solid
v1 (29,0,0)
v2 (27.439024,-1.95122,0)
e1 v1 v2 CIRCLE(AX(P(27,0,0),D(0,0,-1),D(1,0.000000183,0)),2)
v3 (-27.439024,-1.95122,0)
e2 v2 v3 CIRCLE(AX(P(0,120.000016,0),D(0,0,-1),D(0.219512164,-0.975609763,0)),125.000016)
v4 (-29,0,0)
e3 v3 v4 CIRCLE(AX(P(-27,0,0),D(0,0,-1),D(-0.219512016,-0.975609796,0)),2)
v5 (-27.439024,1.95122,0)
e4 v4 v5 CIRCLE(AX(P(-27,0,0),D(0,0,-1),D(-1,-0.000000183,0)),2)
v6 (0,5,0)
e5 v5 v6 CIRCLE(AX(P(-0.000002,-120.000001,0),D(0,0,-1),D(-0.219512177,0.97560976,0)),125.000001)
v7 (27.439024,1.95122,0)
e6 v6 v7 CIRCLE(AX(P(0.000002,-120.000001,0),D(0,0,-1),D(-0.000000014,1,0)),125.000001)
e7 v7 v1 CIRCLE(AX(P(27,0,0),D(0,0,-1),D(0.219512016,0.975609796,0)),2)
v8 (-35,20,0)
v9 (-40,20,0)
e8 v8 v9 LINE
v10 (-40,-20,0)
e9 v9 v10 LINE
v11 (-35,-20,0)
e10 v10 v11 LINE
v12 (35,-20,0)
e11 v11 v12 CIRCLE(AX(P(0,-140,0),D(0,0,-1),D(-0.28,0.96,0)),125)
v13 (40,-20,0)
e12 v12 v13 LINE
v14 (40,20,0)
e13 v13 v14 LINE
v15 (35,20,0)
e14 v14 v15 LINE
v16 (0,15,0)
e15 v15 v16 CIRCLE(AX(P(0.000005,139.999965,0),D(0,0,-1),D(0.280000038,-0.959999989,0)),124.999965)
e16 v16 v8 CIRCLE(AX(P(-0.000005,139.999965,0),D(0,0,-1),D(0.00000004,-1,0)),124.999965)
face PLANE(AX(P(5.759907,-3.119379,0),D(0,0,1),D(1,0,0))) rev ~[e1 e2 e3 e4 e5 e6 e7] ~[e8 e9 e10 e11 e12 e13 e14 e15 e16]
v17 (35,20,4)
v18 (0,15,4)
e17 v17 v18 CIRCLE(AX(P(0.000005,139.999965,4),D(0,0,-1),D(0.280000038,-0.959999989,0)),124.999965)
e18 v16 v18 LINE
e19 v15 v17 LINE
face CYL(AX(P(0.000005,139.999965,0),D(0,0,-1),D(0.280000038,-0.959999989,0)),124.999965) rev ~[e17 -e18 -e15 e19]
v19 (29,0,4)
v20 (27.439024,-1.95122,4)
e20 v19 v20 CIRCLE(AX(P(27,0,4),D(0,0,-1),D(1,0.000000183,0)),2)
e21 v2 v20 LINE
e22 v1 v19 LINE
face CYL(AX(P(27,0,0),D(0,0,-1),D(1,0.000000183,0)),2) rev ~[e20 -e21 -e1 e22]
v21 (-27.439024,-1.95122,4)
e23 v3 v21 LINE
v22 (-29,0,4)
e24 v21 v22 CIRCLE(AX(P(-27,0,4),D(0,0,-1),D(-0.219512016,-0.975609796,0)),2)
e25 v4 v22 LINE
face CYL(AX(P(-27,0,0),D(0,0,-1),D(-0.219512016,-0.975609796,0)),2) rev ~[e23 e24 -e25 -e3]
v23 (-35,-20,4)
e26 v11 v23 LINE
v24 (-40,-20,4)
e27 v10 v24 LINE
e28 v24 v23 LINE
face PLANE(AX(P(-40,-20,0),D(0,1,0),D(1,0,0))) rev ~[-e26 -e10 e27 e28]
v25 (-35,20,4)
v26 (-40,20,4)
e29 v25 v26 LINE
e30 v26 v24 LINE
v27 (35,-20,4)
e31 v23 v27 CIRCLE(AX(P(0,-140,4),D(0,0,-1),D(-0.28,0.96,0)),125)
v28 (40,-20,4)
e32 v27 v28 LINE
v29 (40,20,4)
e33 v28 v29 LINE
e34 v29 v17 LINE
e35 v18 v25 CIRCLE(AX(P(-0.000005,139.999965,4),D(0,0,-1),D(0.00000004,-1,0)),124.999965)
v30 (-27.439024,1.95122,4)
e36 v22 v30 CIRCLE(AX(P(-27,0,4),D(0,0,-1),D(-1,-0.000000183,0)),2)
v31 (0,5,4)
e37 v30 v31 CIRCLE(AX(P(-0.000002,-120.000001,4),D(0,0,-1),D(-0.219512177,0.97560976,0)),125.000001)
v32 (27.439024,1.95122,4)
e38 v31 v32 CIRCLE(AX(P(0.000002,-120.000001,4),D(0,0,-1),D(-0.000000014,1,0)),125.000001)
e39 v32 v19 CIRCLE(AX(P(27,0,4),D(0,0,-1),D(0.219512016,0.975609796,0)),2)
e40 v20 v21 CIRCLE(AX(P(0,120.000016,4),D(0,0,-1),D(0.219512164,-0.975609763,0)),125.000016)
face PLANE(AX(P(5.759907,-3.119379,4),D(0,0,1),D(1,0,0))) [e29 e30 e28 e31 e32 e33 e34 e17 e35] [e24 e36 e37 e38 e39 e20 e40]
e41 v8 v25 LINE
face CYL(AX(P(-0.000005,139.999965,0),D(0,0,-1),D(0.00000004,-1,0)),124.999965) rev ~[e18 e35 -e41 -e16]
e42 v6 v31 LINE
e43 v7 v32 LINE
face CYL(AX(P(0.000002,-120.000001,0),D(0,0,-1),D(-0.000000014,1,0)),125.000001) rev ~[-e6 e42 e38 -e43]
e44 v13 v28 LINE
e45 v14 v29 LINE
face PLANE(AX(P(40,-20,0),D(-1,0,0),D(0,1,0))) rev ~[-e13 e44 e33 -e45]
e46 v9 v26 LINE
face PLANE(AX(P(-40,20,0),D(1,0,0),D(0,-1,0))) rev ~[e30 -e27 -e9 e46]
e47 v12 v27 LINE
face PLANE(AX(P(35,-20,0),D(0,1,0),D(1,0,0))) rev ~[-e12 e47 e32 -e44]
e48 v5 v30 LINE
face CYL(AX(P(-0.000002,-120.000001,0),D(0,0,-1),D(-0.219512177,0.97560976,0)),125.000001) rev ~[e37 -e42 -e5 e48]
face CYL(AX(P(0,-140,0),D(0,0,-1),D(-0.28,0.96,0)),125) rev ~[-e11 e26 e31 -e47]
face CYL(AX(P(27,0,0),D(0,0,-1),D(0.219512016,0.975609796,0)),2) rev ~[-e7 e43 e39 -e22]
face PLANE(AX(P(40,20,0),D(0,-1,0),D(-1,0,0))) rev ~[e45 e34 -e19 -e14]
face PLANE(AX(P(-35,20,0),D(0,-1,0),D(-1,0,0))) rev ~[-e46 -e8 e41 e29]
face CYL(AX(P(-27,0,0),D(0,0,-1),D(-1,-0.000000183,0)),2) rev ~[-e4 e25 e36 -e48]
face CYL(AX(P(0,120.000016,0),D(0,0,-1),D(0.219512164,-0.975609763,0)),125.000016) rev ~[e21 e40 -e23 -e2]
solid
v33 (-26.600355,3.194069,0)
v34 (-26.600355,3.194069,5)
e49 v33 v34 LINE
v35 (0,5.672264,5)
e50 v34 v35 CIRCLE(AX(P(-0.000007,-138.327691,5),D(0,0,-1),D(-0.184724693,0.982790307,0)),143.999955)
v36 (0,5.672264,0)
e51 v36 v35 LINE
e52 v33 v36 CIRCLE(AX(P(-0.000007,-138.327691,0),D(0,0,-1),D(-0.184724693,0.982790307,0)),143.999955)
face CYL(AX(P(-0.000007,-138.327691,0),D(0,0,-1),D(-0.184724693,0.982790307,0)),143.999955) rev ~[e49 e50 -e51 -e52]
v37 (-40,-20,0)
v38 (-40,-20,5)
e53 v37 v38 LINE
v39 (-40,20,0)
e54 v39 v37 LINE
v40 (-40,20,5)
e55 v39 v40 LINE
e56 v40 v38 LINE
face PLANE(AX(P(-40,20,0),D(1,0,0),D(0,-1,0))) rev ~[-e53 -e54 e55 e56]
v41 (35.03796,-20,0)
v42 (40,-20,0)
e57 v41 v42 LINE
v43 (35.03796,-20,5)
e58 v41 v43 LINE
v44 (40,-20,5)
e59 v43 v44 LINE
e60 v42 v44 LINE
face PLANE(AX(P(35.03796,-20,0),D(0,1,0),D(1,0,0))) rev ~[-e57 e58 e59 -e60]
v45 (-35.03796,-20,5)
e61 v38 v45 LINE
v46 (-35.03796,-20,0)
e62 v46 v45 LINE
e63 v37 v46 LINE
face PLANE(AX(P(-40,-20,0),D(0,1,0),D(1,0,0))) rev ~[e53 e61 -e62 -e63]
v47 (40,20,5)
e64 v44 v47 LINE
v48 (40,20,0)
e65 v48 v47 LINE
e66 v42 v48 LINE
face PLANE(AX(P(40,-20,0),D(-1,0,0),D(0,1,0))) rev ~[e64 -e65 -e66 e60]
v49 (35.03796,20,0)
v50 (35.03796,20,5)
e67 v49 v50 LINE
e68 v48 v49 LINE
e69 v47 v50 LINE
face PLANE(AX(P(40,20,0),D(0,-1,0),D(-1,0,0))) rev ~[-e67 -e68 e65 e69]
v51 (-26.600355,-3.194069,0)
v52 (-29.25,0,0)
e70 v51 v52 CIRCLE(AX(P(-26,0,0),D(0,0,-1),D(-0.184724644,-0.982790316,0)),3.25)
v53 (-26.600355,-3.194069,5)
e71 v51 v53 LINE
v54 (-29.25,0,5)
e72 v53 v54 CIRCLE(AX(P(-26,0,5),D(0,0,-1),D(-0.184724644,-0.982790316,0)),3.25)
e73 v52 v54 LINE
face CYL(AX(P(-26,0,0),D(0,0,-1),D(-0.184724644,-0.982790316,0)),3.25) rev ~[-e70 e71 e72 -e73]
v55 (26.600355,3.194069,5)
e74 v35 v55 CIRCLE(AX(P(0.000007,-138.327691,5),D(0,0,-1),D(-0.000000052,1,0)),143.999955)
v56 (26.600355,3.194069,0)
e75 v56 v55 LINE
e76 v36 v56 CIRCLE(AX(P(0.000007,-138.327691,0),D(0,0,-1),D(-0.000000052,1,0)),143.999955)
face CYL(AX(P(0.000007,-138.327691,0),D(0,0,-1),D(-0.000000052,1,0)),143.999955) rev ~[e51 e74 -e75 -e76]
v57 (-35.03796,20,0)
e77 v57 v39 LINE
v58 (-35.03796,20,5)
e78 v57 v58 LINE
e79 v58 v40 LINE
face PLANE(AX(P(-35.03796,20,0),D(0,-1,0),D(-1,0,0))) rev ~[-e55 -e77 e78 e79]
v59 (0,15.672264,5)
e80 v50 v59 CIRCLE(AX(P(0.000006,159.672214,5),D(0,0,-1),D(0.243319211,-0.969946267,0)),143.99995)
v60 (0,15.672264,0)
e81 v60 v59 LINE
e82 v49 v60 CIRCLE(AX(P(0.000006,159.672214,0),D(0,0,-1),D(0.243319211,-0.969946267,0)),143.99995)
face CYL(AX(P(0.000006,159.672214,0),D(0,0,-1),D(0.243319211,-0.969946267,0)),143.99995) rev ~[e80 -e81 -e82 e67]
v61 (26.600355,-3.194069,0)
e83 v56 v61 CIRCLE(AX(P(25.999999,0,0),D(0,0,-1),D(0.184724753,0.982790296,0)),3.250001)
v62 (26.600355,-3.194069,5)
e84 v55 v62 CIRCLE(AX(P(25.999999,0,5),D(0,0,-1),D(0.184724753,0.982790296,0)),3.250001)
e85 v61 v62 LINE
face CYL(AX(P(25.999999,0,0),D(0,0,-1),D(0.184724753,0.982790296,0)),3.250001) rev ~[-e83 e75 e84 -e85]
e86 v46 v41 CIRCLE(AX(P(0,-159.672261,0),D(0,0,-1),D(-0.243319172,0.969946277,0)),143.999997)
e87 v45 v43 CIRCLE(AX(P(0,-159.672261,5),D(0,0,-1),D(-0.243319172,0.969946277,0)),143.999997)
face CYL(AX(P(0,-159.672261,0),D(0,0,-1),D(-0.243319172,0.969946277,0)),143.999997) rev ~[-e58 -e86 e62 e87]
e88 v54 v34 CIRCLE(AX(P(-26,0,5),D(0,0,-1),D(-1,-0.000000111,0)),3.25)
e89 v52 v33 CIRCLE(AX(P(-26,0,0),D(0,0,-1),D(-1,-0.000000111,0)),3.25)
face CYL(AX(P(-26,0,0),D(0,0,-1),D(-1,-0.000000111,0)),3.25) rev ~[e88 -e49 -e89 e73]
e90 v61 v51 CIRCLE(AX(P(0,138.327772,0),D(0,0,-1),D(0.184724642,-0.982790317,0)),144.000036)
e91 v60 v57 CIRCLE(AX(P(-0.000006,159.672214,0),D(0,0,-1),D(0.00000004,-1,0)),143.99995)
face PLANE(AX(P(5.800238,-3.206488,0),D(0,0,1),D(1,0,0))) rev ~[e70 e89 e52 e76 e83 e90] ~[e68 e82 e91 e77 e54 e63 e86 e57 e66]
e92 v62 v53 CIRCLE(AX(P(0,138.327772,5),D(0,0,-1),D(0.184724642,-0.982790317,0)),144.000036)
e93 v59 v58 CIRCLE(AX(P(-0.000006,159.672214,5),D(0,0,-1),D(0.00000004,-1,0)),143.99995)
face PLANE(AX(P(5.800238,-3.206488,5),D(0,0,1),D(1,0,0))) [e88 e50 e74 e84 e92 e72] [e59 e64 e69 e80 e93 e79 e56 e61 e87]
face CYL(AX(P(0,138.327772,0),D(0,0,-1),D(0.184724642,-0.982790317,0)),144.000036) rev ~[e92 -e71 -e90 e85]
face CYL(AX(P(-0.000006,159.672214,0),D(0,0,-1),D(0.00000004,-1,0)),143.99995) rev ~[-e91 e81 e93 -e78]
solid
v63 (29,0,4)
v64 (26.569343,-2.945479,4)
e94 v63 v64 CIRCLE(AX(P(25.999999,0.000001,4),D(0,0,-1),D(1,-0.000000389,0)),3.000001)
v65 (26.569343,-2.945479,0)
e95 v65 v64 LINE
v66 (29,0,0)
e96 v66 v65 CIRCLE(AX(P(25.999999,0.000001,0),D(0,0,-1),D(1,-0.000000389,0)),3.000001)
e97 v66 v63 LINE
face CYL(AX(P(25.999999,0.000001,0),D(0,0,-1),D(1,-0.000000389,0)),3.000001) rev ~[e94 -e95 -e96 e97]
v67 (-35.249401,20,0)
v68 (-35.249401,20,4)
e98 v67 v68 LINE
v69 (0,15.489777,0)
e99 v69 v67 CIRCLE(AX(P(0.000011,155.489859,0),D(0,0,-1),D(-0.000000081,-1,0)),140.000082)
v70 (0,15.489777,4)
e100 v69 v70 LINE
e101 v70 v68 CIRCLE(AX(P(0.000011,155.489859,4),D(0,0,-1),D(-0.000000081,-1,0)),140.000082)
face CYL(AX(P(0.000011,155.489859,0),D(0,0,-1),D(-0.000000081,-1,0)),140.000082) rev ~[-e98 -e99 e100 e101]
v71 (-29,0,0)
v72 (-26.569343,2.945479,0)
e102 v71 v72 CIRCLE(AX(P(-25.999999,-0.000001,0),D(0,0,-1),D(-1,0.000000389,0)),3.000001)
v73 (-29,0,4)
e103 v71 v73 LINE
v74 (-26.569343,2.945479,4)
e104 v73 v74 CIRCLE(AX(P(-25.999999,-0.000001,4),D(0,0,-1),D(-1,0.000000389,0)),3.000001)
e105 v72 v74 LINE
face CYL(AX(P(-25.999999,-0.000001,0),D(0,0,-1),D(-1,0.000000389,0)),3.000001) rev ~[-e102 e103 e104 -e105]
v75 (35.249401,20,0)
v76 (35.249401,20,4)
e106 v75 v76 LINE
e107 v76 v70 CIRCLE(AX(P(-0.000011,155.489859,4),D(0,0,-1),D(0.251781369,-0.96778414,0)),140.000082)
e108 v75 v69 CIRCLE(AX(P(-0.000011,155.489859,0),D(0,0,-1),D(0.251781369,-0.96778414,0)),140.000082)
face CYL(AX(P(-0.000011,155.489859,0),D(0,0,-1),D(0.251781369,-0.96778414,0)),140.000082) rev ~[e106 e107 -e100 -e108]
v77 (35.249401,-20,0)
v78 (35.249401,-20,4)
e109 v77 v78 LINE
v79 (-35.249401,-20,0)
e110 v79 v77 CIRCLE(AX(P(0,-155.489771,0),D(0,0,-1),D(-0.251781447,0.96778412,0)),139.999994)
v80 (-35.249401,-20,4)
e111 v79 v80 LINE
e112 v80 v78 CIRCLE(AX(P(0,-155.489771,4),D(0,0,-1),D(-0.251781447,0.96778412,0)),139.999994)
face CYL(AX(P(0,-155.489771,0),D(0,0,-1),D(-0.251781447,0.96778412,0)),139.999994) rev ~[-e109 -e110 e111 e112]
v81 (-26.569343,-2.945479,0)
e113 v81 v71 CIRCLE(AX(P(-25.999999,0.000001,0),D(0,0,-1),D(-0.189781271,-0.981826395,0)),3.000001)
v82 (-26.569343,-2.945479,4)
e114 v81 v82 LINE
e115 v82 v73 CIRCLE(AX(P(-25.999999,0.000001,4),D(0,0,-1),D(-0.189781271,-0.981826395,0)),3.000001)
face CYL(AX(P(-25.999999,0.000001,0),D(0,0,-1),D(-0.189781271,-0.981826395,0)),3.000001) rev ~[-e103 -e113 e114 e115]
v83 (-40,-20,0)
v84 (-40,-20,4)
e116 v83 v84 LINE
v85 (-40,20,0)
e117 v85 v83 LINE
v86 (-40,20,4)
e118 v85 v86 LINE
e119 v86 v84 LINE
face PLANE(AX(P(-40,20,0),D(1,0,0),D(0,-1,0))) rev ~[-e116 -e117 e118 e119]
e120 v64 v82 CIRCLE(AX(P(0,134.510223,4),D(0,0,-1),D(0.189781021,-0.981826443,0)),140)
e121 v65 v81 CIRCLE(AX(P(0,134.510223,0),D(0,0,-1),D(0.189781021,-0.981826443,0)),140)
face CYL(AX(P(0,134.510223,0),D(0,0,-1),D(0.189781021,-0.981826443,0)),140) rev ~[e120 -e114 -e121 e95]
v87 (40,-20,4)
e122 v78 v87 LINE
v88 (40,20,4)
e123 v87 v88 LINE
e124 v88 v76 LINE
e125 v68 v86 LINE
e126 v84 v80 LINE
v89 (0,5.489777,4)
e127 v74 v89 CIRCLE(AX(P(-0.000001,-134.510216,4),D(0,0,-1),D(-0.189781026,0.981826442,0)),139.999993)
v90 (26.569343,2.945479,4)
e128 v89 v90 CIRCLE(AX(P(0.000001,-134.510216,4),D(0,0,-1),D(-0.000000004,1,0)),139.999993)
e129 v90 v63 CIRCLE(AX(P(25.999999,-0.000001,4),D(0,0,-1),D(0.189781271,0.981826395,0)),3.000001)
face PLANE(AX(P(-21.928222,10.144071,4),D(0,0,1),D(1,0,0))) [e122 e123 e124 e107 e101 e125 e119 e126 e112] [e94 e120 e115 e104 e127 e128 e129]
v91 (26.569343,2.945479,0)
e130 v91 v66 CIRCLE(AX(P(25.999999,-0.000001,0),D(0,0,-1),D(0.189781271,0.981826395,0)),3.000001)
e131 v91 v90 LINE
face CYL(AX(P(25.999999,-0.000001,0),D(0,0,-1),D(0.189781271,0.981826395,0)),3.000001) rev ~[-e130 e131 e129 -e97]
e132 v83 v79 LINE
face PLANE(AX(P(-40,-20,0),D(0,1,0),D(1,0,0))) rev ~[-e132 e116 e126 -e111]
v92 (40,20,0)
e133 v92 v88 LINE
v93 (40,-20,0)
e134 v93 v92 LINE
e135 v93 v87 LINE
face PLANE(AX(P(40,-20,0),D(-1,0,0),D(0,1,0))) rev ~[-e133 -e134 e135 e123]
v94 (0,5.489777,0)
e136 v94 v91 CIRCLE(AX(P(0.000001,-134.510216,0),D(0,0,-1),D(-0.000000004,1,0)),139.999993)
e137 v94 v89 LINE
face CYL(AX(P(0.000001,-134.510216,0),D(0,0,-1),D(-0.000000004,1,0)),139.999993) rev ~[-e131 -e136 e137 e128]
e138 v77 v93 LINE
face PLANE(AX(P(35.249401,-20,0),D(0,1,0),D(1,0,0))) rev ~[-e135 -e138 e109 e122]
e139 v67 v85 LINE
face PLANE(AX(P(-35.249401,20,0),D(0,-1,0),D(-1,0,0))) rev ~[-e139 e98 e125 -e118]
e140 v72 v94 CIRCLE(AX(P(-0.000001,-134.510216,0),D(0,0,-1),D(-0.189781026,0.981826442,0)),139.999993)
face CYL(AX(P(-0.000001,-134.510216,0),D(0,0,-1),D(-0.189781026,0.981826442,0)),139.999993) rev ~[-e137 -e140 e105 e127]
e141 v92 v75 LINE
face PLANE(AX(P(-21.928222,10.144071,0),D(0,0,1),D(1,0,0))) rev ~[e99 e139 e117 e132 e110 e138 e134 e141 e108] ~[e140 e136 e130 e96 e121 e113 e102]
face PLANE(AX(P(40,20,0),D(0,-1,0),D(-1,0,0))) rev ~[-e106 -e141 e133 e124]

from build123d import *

# Parameters (mm, degrees)
F2_DEPTH = 4
F3_DEPTH = 5
F5_DEPTH = 4


with BuildPart() as f2:
    # F0 (on Top) → F2 (new body)
    with BuildSketch(Plane.XY):
        with BuildLine():
            Line((0, 5.489777), (0, 15.489777))
            ThreePointArc((0, 15.489777), (-17.768387, 16.621911), (-35.249401, 20))
            Line((-35.249401, 20), (-40, 20))
            Line((-40, 20), (-40, 0))
            Line((-40, 0), (-29, 0))
            ThreePointArc((-29, 0), (-28.313874, 1.909446), (-26.569343, 2.945479))
            ThreePointArc((-26.569343, 2.945479), (-13.345443, 4.852251), (0, 5.489777))
        make_face()
        with BuildLine():
            Line((35.249401, -20), (40, -20))
            Line((40, -20), (40, 20))
            Line((40, 20), (35.249401, 20))
            ThreePointArc((35.249401, 20), (17.768387, 16.621911), (0, 15.489777))
            Line((0, 15.489777), (0, 5.489777))
            ThreePointArc((0, 5.489777), (13.345443, 4.852251), (26.569343, 2.945479))
            ThreePointArc((26.569343, 2.945479), (28.313874, 1.909446), (29, 0))
            ThreePointArc((29, 0), (28.313874, -1.909446), (26.569343, -2.945479))
            ThreePointArc((26.569343, -2.945479), (0, -5.489777), (-26.569343, -2.945479))
            ThreePointArc((-26.569343, -2.945479), (-28.313874, -1.909446), (-29, 0))
            Line((-29, 0), (-40, 0))
            Line((-40, 0), (-40, -20))
            Line((-40, -20), (-35.249401, -20))
            ThreePointArc((-35.249401, -20), (0, -15.489777), (35.249401, -20))
        make_face()
    extrude(amount=F2_DEPTH)


with BuildPart() as f3:
    # F1 (on Top) → F3 (new body)
    with BuildSketch(Plane.XY):
        with BuildLine():
            Line((35.03796, -20), (40, -20))
            Line((40, -20), (40, 20))
            Line((40, 20), (35.03796, 20))
            ThreePointArc((35.03796, 20), (17.65211, 16.758293), (0, 15.672264))
            Line((0, 15.672264), (0, 5.672264))
            ThreePointArc((0, 5.672264), (13.357773, 5.051377), (26.600355, 3.194069))
            ThreePointArc((26.600355, 3.194069), (29.25, 0), (26.600355, -3.194069))
            ThreePointArc((26.600355, -3.194069), (0, -5.672264), (-26.600355, -3.194069))
            ThreePointArc((-26.600355, -3.194069), (-28.501365, -2.075012), (-29.25, 0))
            Line((-29.25, 0), (-40, 0))
            Line((-40, 0), (-40, -20))
            Line((-40, -20), (-35.03796, -20))
            ThreePointArc((-35.03796, -20), (0, -15.672264), (35.03796, -20))
        make_face()
        with BuildLine():
            Line((0, 5.672264), (0, 15.672264))
            ThreePointArc((0, 15.672264), (-17.65211, 16.758293), (-35.03796, 20))
            Line((-35.03796, 20), (-40, 20))
            Line((-40, 20), (-40, 0))
            Line((-40, 0), (-29.25, 0))
            ThreePointArc((-29.25, 0), (-28.501365, 2.075012), (-26.600355, 3.194069))
            ThreePointArc((-26.600355, 3.194069), (-13.357773, 5.051377), (0, 5.672264))
        make_face()
    extrude(amount=F3_DEPTH)


with BuildPart() as f5:
    # F4 (on Top) → F5 (new body)
    with BuildSketch(Plane.XY):
        with BuildLine():
            Line((35, -20), (40, -20))
            Line((40, -20), (40, 20))
            Line((40, 20), (35, 20))
            ThreePointArc((35, 20), (17.67767, 16.256313), (0, 15))
            Line((0, 15), (0, 5))
            ThreePointArc((0, 5), (13.803941, 4.235467), (27.439024, 1.95122))
            ThreePointArc((27.439024, 1.95122), (28.561738, 1.24939), (29, 0))
            ThreePointArc((29, 0), (28.561738, -1.24939), (27.439024, -1.95122))
            ThreePointArc((27.439024, -1.95122), (0, -5), (-27.439024, -1.95122))
            ThreePointArc((-27.439024, -1.95122), (-28.561738, -1.24939), (-29, 0))
            Line((-29, 0), (-40, 0))
            Line((-40, 0), (-40, -20))
            Line((-40, -20), (-35, -20))
            ThreePointArc((-35, -20), (0, -15), (35, -20))
        make_face()
        with BuildLine():
            Line((0, 5), (0, 15))
            ThreePointArc((0, 15), (-17.67767, 16.256313), (-35, 20))
            Line((-35, 20), (-40, 20))
            Line((-40, 20), (-40, 0))
            Line((-40, 0), (-29, 0))
            ThreePointArc((-29, 0), (-28.561738, 1.24939), (-27.439024, 1.95122))
            ThreePointArc((-27.439024, 1.95122), (-13.803941, 4.235467), (0, 5))
        make_face()
    extrude(amount=F5_DEPTH)


solid = Compound([f2.part, f3.part, f5.part])
